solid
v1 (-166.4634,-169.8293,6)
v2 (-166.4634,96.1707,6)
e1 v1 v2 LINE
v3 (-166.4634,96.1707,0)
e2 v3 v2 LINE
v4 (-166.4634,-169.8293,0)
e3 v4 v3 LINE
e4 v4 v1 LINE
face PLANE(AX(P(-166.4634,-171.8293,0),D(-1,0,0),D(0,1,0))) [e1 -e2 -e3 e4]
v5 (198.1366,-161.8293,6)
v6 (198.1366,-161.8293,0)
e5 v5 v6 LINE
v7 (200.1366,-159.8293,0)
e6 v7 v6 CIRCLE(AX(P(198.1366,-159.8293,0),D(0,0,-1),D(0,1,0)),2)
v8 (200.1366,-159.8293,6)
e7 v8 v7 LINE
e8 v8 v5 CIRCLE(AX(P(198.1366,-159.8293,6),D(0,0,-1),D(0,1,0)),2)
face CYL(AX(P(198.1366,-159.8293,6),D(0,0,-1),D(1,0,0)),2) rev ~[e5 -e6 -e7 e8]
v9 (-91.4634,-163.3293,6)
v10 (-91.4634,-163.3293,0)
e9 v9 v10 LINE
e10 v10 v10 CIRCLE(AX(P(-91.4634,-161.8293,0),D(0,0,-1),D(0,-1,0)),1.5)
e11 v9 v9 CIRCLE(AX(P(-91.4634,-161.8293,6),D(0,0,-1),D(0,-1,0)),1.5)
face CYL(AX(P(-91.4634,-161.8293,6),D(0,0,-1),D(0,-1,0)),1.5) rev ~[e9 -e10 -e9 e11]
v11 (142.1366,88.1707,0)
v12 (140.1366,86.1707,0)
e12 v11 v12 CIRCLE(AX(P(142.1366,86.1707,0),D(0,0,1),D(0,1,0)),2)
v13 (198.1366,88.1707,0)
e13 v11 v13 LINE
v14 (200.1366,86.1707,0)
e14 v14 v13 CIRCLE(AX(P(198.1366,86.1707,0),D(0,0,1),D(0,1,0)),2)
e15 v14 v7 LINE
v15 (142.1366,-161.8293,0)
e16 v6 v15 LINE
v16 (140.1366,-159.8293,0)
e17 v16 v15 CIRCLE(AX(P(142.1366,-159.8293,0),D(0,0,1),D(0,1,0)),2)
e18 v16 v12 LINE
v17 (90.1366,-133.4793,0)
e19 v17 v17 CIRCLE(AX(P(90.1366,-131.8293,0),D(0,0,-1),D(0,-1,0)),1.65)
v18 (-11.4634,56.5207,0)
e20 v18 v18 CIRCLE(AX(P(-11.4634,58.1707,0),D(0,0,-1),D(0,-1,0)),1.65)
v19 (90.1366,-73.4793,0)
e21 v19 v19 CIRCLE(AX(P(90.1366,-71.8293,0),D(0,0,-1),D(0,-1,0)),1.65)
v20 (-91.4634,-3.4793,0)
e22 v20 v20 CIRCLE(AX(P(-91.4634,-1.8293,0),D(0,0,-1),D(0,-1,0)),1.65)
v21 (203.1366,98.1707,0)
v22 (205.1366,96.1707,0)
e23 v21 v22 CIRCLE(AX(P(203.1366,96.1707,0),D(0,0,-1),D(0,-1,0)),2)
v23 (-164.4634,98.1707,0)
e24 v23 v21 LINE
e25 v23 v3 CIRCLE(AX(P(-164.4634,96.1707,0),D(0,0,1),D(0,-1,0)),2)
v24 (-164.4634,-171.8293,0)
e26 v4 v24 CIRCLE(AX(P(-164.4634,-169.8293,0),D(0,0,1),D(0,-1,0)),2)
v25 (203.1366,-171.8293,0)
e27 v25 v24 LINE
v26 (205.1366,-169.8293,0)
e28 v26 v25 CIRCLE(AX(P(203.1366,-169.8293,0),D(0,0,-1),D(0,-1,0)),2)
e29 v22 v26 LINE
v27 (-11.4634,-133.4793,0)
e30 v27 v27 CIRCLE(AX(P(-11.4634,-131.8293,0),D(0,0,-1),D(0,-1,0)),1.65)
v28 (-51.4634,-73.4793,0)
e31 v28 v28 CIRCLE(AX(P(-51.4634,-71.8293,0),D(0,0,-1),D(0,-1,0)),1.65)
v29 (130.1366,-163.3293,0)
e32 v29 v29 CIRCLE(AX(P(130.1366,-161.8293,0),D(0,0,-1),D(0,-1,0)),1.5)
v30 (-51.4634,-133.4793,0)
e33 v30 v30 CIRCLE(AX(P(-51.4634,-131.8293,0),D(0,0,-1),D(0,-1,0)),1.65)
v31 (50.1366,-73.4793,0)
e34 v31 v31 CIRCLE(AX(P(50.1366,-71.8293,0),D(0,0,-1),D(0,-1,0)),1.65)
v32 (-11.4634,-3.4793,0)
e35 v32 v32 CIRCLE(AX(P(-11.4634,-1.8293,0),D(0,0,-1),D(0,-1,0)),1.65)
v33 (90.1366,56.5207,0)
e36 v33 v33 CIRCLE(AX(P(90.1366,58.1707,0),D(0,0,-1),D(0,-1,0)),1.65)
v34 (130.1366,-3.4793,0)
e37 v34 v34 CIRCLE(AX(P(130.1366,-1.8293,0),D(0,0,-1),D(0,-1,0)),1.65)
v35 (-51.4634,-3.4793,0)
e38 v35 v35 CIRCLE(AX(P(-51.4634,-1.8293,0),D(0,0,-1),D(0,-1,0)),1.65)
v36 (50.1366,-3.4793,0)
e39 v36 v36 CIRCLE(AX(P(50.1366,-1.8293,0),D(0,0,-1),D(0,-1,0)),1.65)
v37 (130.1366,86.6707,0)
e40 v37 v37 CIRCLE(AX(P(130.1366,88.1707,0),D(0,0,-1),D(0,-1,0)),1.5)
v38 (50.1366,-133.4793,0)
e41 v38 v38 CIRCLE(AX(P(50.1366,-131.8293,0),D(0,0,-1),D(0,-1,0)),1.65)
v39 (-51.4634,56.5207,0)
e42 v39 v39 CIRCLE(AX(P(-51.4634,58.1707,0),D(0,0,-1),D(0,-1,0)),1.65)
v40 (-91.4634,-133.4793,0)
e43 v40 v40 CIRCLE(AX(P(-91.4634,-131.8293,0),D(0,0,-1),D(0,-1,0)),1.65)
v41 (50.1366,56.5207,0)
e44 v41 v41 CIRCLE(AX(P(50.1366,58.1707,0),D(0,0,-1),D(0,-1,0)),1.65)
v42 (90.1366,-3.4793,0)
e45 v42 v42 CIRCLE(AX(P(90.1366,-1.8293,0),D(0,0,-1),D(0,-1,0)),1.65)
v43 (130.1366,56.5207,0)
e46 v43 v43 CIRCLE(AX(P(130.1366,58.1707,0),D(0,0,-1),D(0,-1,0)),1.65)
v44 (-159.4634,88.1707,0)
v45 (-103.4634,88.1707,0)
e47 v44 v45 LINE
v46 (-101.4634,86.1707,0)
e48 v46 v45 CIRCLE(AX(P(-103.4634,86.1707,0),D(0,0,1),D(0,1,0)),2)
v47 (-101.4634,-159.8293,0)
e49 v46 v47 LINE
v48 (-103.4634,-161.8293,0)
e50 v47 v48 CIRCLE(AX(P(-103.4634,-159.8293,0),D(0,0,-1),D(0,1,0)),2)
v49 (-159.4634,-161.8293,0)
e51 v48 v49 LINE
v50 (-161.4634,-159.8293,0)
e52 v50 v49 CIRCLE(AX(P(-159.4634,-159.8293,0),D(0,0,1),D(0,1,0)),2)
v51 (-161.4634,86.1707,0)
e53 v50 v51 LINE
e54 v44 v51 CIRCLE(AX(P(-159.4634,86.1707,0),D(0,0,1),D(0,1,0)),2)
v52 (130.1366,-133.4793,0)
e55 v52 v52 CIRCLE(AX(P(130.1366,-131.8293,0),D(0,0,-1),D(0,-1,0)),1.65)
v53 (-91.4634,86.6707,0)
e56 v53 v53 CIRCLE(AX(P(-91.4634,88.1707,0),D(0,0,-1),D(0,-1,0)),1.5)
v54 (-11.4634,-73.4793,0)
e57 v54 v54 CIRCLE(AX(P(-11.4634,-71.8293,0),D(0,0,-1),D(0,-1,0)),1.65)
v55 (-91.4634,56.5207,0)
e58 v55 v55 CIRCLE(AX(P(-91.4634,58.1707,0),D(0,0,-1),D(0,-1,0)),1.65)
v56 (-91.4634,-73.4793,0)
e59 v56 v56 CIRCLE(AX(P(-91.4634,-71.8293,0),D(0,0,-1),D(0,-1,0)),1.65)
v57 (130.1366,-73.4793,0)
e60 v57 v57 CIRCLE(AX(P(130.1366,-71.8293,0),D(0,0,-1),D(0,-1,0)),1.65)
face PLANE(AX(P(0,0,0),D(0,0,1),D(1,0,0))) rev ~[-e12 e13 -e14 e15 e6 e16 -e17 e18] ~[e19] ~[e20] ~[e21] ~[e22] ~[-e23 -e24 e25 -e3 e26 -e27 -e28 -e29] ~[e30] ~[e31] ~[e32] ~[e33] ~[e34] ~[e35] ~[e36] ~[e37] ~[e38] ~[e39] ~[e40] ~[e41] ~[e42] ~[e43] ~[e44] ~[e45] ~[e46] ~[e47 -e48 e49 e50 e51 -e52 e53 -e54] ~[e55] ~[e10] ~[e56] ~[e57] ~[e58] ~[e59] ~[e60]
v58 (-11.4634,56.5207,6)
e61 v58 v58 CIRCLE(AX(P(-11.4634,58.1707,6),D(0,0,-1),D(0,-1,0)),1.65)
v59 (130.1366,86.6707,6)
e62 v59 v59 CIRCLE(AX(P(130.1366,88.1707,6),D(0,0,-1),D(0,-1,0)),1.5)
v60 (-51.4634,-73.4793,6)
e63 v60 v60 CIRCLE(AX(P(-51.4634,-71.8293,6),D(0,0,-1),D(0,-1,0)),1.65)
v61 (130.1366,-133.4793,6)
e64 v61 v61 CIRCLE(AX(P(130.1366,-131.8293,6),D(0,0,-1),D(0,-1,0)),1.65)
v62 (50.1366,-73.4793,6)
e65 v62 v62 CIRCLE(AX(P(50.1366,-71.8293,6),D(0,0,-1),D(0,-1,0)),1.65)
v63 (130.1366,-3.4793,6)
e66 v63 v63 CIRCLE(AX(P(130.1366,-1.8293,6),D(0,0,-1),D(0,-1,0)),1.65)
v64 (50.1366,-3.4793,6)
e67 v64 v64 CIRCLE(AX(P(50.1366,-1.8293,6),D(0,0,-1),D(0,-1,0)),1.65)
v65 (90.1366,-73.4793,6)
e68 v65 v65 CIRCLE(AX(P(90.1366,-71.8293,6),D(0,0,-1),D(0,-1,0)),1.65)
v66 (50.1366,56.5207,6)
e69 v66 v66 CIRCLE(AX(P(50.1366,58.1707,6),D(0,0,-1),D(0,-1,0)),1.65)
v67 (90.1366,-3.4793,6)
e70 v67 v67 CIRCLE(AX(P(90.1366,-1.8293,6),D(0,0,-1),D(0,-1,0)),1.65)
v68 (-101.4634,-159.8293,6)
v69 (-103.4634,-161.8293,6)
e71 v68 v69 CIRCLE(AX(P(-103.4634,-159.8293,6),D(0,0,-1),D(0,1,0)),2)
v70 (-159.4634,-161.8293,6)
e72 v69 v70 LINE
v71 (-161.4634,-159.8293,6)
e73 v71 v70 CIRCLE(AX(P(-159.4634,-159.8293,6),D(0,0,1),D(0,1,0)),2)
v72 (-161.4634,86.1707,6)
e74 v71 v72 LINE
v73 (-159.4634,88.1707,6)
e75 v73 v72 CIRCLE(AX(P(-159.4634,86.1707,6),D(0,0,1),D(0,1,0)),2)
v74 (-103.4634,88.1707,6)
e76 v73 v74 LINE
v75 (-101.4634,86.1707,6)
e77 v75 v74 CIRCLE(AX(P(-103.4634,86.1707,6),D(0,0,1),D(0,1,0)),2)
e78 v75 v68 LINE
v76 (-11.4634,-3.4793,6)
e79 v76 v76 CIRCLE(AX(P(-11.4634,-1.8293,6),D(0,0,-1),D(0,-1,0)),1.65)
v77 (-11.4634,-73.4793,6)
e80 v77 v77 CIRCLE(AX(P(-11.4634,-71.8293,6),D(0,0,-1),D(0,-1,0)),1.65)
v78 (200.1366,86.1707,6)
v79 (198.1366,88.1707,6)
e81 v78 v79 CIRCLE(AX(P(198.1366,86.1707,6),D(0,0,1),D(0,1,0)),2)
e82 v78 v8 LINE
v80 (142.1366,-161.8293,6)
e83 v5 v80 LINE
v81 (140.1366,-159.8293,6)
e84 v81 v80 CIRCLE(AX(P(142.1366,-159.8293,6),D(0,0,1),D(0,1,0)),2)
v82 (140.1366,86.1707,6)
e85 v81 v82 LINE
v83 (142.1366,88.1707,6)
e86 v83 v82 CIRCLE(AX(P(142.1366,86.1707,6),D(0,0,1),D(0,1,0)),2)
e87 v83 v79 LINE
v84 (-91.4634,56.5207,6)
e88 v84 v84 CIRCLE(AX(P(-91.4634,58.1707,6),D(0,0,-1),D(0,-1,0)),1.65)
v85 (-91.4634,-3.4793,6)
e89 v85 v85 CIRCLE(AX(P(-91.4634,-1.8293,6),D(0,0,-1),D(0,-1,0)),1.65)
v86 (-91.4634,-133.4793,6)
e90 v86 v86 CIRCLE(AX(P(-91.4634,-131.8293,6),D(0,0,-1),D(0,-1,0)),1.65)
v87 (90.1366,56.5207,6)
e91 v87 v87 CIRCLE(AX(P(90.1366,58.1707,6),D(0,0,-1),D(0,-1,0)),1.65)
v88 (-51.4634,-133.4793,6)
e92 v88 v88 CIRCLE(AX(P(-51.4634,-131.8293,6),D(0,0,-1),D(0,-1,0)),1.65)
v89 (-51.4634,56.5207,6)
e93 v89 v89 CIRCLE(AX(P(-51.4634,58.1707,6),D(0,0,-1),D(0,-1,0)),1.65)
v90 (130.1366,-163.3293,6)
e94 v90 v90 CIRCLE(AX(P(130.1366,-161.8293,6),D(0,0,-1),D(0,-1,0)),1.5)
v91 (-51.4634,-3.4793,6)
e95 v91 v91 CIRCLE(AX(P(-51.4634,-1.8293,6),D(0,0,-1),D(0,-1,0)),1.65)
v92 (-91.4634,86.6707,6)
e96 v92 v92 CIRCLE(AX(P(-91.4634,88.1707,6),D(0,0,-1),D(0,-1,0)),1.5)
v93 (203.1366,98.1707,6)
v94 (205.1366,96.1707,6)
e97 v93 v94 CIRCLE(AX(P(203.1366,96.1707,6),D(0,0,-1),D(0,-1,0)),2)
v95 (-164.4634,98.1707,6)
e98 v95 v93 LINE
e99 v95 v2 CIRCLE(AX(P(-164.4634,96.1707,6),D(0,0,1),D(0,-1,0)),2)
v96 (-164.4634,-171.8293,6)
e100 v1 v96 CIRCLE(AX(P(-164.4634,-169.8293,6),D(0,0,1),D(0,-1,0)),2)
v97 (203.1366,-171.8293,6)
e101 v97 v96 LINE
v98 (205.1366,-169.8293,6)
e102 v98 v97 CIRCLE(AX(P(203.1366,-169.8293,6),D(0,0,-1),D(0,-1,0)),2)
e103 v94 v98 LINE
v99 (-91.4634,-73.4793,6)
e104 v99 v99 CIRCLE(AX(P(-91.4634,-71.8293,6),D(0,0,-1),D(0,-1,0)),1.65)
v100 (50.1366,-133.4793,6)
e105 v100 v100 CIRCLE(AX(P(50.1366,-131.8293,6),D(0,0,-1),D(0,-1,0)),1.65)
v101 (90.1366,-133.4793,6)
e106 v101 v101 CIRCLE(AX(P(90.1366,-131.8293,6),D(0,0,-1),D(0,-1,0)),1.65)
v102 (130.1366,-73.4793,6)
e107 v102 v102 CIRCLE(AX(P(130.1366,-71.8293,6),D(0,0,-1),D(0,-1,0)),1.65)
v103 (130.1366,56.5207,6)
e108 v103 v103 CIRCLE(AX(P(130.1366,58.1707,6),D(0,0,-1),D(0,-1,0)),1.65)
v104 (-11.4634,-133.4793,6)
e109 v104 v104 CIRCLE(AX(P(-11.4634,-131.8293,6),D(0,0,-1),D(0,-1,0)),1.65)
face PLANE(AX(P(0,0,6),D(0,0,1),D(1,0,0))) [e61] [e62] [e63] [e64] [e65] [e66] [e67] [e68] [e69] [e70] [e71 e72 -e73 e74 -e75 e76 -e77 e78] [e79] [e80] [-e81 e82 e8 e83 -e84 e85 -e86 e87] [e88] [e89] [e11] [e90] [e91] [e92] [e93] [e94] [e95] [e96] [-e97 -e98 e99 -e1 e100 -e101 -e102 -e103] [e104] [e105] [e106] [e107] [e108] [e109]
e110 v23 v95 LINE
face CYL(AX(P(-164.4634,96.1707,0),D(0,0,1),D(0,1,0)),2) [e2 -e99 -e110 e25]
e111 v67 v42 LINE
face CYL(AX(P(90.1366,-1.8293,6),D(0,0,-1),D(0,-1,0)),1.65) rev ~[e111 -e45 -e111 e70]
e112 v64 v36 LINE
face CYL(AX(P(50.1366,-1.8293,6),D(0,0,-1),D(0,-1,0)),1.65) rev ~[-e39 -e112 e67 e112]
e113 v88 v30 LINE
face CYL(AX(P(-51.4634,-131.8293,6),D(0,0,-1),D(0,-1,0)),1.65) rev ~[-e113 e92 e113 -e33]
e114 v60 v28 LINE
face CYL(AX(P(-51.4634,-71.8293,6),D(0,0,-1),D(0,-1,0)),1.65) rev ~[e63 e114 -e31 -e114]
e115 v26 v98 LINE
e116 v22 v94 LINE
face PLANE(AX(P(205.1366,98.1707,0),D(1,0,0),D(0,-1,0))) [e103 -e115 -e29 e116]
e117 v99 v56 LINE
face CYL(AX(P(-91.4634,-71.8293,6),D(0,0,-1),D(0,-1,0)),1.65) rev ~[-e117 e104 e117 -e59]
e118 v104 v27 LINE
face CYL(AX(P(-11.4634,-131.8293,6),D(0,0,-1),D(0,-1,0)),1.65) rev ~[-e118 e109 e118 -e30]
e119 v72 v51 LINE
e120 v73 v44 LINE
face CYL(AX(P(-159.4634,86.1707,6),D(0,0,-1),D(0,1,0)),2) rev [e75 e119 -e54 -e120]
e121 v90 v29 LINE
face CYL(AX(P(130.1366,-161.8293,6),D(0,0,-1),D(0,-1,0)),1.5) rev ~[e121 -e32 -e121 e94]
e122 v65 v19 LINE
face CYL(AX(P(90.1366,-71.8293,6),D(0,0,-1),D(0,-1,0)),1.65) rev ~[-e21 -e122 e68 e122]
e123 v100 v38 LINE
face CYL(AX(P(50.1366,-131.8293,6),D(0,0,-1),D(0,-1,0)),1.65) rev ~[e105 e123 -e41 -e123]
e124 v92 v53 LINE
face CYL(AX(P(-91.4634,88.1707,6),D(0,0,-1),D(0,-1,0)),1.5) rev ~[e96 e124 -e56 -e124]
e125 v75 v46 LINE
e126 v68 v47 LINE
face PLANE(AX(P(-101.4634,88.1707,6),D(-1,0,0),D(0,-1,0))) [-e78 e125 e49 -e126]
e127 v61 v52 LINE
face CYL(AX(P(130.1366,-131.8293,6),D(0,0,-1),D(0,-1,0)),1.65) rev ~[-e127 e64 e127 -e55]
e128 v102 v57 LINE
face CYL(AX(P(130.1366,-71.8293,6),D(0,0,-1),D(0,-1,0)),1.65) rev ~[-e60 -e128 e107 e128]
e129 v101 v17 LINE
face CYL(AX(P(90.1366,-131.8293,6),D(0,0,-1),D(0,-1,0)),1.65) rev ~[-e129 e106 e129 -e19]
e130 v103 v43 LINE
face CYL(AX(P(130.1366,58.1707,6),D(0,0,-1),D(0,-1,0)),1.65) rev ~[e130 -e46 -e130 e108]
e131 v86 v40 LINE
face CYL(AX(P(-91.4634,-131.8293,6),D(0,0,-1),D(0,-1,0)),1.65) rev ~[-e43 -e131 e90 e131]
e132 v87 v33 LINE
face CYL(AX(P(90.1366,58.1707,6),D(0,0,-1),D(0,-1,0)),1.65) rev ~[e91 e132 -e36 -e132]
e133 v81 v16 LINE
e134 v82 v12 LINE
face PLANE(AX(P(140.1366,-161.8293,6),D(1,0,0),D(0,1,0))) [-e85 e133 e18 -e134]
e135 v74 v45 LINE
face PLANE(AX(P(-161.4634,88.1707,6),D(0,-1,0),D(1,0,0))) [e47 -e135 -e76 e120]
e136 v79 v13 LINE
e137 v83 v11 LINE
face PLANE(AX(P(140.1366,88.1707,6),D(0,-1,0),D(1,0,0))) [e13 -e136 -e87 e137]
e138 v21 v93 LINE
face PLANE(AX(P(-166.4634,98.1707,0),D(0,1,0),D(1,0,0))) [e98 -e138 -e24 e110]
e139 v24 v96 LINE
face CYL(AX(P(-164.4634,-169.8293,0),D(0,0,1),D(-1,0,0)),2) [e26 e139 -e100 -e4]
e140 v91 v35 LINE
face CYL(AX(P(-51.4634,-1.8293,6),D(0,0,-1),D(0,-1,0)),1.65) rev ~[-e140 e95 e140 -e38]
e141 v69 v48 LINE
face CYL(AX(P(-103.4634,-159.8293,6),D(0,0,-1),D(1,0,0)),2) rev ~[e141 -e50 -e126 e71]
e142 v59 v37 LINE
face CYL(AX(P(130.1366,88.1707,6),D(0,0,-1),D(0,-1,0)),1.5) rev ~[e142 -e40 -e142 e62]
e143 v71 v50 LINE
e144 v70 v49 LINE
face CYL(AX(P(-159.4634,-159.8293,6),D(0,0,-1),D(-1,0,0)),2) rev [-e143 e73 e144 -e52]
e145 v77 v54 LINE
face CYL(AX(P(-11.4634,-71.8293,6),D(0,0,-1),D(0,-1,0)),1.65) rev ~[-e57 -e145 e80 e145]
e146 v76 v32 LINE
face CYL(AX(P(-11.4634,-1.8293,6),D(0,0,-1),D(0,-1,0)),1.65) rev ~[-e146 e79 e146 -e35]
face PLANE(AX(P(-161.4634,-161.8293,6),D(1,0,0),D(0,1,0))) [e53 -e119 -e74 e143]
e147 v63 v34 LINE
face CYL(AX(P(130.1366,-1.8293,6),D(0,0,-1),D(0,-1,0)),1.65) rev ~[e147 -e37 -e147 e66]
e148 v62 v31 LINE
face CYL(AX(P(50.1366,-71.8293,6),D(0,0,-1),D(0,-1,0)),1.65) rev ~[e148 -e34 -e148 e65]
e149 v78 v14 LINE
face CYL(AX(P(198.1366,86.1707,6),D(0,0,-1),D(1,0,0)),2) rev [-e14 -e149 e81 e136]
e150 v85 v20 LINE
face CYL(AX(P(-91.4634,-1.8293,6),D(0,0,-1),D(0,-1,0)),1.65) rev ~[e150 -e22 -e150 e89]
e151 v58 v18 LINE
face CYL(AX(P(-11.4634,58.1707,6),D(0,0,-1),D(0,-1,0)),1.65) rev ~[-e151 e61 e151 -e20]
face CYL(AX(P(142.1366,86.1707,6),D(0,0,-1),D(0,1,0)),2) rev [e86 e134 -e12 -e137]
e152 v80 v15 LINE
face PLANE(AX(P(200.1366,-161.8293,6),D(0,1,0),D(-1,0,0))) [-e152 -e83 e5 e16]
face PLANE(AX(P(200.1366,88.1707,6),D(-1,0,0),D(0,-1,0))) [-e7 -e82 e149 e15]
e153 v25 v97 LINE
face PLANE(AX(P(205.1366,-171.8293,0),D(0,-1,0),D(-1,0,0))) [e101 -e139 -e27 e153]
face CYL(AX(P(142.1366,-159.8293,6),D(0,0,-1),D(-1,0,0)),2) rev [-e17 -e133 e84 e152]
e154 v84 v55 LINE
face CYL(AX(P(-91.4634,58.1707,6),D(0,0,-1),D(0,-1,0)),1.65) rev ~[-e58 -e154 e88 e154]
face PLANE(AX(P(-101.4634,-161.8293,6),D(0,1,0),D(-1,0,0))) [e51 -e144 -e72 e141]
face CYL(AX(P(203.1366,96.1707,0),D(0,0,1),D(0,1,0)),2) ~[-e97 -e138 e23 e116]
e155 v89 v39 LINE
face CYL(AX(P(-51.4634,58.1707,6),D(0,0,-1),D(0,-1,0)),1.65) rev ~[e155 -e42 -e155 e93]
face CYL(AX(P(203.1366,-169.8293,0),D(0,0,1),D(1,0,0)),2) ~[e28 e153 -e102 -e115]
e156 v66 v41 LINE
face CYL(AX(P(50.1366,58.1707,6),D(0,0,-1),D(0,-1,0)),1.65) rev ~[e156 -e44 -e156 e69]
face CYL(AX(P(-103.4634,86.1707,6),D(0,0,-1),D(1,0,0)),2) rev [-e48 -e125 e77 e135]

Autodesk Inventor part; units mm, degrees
ref_plane "YZ Plane" through (0, 0, 0) normal (1, 0, 0) x (0, 1, 0)
ref_plane "XZ Plane" through (0, 0, 0) normal (0, 1, 0) x (-1, 0, 0)
ref_plane "XY Plane" through (0, 0, 0) normal (0, 0, 1) x (1, 0, 0)
sketch "Sketch1" plane through (0, 0, 0) normal (0, 0, 1) x (1, 0, 0)
  line L0 (-166.4634, 98.1707) -> (205.1366, 98.1707)
  line L1 (205.1366, 98.1707) -> (205.1366, -171.8293)
  line L2 (205.1366, -171.8293) -> (-166.4634, -171.8293)
  line L3 (-166.4634, -171.8293) -> (-166.4634, 98.1707)
  point P0 (0, 0)
  dimension "d0" = 371.6
  dimension "d1" = 270
extrude "Extrusion1" add sketch "Sketch1" along normal blind 6
fillet "Fillet1" radius 2 1 edges at (-166.4634, 98.1707, 3)
fillet "Fillet2" radius 2 3 edges at (205.1366, 98.1707, 3) (205.1366, -171.8293, 3) (-166.4634, -171.8293, 3)
sketch "Sketch2" plane through (0, 0, 6) normal (0, 0, 1) x (1, 0, 0)
  line L0 (200.1366, -161.8293) -> (140.1366, -161.8293)
  line L1 (140.1366, -161.8293) -> (140.1366, 88.1707)
  line L2 (140.1366, 88.1707) -> (200.1366, 88.1707)
  line L3 (200.1366, 88.1707) -> (200.1366, -161.8293)
  line L4 (-101.4634, -161.8293) -> (-161.4634, -161.8293)
  line L5 (-161.4634, -161.8293) -> (-161.4634, 88.1707)
  line L6 (-161.4634, 88.1707) -> (-101.4634, 88.1707)
  line L7 (-101.4634, 88.1707) -> (-101.4634, -161.8293)
  line L8 (205.1366, -169.8293) -> (205.1366, 96.1707) projected
  line L9 (203.1366, 98.1707) -> (-164.4634, 98.1707) projected
  line L10 (-166.4634, 96.1707) -> (-166.4634, -169.8293) projected
  point P0 (0, 0)
  dimension "d6" = 60
  dimension "d7" = 60
  dimension "d8" = 250
  dimension "d9" = 250
  dimension "d10" = 65
  dimension "d11" = 10
  dimension "d12" = 10
  dimension "d13" = 65
extrude "Extrusion2" cut sketch "Sketch2" against normal through all
fillet "Fillet3" radius 2 8 edges at (200.1366, -161.8293, 3) (-101.4634, -161.8293, 3) (-161.4634, -161.8293, 3) (140.1366, -161.8293, 3) (200.1366, 88.1707, 3) (-101.4634, 88.1707, 3) (-161.4634, 88.1707, 3) (140.1366, 88.1707, 3)
sketch "Sketch3" plane through (0, 0, 6) normal (0, 0, 1) x (1, 0, 0)
  circle A0 centre (-91.4634, 58.1707) radius 4.7928
  circle A1 centre (-51.4634, 58.1707) radius 10.8449
  circle A2 centre (-11.4634, 58.1707) radius 12.4429
  circle A3 centre (50.1366, 58.1707) radius 12.4797
  circle A4 centre (90.1366, 58.1707) radius 18.3008
  circle A5 centre (130.1366, 58.1707) radius 8.1337
  circle A6 centre (-91.4634, -1.8293) radius 12.8783
  circle A7 centre (-51.4634, -1.8293) radius 10.8449
  circle A8 centre (-11.4634, -1.8293) radius 12.4429
  circle A9 centre (50.1366, -1.8293) radius 10.8449
  circle A10 centre (90.1366, -1.8293) radius 10.1671
  circle A11 centre (130.1366, -1.8293) radius 18.5005
  line L0 (-101.4634, 86.1707) -> (-101.4634, -159.8293) projected
  line L1 (140.1366, -159.8293) -> (140.1366, 86.1707) projected
  line L2 (-159.4634, 88.1707) -> (-103.4634, 88.1707) projected
  line L3 (142.1366, 88.1707) -> (198.1366, 88.1707) projected
  circle A12 centre (-91.4634, -71.8293) radius 15.1871
  circle A13 centre (-91.4634, -131.8293) radius 15.3472
  circle A14 centre (-51.4634, -131.8293) radius 18.7949
  circle A15 centre (-51.4634, -71.8293) radius 21.2619
  circle A16 centre (-11.4634, -71.8293) radius 19.027
  circle A17 centre (-11.4634, -131.8293) radius 15.2356
  circle A18 centre (50.1366, -71.8293) radius 22.218
  circle A19 centre (50.1366, -131.8293) radius 15.9181
  circle A20 centre (90.1366, -71.8293) radius 11.5297
  circle A21 centre (130.1366, -71.8293) radius 12.0044
  circle A22 centre (90.1366, -131.8293) radius 9.1325
  circle A23 centre (130.1366, -131.8293) radius 9.1929
  line L4 (-164.4634, -171.8293) -> (203.1366, -171.8293) projected
  line L5 (-103.4634, -161.8293) -> (-159.4634, -161.8293) projected
  line L6 (198.1366, -161.8293) -> (142.1366, -161.8293) projected
  point P0 (0, 0)
  point P1 (140.1366, 86.1707)
  point P2 (-101.4634, -171.8293)
  point P3 (168.5366, -171.8293)
  dimension "d17" = 10
  dimension "d18" = 40
  dimension "d19" = 40
  dimension "d20" = 10
  dimension "d22" = 40
  dimension "d23" = 40
  dimension "d24" = 30
  dimension "d25" = 30
  dimension "d26" = 30
  dimension "d27" = 30
  dimension "d28" = 30
  dimension "d29" = 30
  dimension "d30" = 60
  dimension "d31" = 10
  dimension "d32" = 60
  dimension "d33" = 60
  dimension "d34" = 40
  dimension "d35" = 40
  dimension "d36" = 40
  dimension "d37" = 40
  dimension "d38" = 10
  dimension "d39" = 60
  dimension "d40" = 60
  dimension "d41" = 60
  dimension "d42" = 10
  dimension "d43" = 10
  dimension "d45" = 60
  dimension "d46" = 40
  dimension "d47" = 40
  dimension "d48" = 40
  dimension "d49" = 40
  dimension "d50" = 10
  dimension "d51" = 10
  dimension "d52" = 40
  dimension "d53" = 40
  dimension "d54" = 40
  dimension "d55" = 40
  dimension "d56" = 30
  dimension "d57" = 60
  dimension "d58" = 60
  dimension "d59" = 60
  dimension "d60" = 60
  dimension "d61" = 60
  dimension "d62" = 30
  dimension "d63" = 30
  dimension "d64" = 30
  dimension "d65" = 30
  dimension "d66" = 30
hole "Hole1" at (50.1366, -71.8293, 6) at (-91.4634, 58.1707, 6) at (-51.4634, 58.1707, 6) at (-11.4634, 58.1707, 6) at (-91.4634, -1.8293, 6) at (-51.4634, -1.8293, 6) at (-11.4634, -1.8293, 6) at (50.1366, -1.8293, 6) at (50.1366, 58.1707, 6) at (90.1366, 58.1707, 6) at (130.1366, 58.1707, 6) at (90.1366, -1.8293, 6) at (130.1366, -1.8293, 6) at (90.1366, -71.8293, 6) at (130.1366, -71.8293, 6) at (130.1366, -131.8293, 6) at (90.1366, -131.8293, 6) at (50.1366, -131.8293, 6) at (-91.4634, -71.8293, 6) at (-51.4634, -71.8293, 6) at (-11.4634, -71.8293, 6) at (-11.4634, -131.8293, 6) at (-51.4634, -131.8293, 6) at (-91.4634, -131.8293, 6) direction (0, 0, -1) diameter 3.3 end through all
sketch "Sketch4" plane through (0, 0, 6) normal (0, 0, 1) x (1, 0, 0)
  circle A0 centre (-91.4634, 88.1707) radius 1.5
  circle A1 centre (130.1366, 88.1707) radius 1.5
  circle A2 centre (130.1366, -161.8293) radius 1.5597
  circle A3 centre (-91.4634, -161.8293) radius 2.8966
  line L0 (203.1366, 98.1707) -> (-164.4634, 98.1707) projected
  line L1 (-101.4634, 86.1707) -> (-101.4634, -159.8293) projected
  line L2 (140.1366, -159.8293) -> (140.1366, 86.1707) projected
  line L3 (-164.4634, -171.8293) -> (203.1366, -171.8293) projected
  point P0 (0, 0)
  dimension "d74" = 3
  dimension "d75" = 10
  dimension "d76" = 10
  dimension "d77" = 10
  dimension "d78" = 3
  dimension "d79" = 10
  dimension "d80" = 10
  dimension "d81" = 10
  dimension "d82" = 10
  dimension "d83" = 10
hole "Hole2" at (-91.4634, -161.8293, 6) at (130.1366, -161.8293, 6) at (-91.4634, 88.1707, 6) at (130.1366, 88.1707, 6) direction (0, 0, -1) diameter 3 end through all
properties part number "Chassis"
